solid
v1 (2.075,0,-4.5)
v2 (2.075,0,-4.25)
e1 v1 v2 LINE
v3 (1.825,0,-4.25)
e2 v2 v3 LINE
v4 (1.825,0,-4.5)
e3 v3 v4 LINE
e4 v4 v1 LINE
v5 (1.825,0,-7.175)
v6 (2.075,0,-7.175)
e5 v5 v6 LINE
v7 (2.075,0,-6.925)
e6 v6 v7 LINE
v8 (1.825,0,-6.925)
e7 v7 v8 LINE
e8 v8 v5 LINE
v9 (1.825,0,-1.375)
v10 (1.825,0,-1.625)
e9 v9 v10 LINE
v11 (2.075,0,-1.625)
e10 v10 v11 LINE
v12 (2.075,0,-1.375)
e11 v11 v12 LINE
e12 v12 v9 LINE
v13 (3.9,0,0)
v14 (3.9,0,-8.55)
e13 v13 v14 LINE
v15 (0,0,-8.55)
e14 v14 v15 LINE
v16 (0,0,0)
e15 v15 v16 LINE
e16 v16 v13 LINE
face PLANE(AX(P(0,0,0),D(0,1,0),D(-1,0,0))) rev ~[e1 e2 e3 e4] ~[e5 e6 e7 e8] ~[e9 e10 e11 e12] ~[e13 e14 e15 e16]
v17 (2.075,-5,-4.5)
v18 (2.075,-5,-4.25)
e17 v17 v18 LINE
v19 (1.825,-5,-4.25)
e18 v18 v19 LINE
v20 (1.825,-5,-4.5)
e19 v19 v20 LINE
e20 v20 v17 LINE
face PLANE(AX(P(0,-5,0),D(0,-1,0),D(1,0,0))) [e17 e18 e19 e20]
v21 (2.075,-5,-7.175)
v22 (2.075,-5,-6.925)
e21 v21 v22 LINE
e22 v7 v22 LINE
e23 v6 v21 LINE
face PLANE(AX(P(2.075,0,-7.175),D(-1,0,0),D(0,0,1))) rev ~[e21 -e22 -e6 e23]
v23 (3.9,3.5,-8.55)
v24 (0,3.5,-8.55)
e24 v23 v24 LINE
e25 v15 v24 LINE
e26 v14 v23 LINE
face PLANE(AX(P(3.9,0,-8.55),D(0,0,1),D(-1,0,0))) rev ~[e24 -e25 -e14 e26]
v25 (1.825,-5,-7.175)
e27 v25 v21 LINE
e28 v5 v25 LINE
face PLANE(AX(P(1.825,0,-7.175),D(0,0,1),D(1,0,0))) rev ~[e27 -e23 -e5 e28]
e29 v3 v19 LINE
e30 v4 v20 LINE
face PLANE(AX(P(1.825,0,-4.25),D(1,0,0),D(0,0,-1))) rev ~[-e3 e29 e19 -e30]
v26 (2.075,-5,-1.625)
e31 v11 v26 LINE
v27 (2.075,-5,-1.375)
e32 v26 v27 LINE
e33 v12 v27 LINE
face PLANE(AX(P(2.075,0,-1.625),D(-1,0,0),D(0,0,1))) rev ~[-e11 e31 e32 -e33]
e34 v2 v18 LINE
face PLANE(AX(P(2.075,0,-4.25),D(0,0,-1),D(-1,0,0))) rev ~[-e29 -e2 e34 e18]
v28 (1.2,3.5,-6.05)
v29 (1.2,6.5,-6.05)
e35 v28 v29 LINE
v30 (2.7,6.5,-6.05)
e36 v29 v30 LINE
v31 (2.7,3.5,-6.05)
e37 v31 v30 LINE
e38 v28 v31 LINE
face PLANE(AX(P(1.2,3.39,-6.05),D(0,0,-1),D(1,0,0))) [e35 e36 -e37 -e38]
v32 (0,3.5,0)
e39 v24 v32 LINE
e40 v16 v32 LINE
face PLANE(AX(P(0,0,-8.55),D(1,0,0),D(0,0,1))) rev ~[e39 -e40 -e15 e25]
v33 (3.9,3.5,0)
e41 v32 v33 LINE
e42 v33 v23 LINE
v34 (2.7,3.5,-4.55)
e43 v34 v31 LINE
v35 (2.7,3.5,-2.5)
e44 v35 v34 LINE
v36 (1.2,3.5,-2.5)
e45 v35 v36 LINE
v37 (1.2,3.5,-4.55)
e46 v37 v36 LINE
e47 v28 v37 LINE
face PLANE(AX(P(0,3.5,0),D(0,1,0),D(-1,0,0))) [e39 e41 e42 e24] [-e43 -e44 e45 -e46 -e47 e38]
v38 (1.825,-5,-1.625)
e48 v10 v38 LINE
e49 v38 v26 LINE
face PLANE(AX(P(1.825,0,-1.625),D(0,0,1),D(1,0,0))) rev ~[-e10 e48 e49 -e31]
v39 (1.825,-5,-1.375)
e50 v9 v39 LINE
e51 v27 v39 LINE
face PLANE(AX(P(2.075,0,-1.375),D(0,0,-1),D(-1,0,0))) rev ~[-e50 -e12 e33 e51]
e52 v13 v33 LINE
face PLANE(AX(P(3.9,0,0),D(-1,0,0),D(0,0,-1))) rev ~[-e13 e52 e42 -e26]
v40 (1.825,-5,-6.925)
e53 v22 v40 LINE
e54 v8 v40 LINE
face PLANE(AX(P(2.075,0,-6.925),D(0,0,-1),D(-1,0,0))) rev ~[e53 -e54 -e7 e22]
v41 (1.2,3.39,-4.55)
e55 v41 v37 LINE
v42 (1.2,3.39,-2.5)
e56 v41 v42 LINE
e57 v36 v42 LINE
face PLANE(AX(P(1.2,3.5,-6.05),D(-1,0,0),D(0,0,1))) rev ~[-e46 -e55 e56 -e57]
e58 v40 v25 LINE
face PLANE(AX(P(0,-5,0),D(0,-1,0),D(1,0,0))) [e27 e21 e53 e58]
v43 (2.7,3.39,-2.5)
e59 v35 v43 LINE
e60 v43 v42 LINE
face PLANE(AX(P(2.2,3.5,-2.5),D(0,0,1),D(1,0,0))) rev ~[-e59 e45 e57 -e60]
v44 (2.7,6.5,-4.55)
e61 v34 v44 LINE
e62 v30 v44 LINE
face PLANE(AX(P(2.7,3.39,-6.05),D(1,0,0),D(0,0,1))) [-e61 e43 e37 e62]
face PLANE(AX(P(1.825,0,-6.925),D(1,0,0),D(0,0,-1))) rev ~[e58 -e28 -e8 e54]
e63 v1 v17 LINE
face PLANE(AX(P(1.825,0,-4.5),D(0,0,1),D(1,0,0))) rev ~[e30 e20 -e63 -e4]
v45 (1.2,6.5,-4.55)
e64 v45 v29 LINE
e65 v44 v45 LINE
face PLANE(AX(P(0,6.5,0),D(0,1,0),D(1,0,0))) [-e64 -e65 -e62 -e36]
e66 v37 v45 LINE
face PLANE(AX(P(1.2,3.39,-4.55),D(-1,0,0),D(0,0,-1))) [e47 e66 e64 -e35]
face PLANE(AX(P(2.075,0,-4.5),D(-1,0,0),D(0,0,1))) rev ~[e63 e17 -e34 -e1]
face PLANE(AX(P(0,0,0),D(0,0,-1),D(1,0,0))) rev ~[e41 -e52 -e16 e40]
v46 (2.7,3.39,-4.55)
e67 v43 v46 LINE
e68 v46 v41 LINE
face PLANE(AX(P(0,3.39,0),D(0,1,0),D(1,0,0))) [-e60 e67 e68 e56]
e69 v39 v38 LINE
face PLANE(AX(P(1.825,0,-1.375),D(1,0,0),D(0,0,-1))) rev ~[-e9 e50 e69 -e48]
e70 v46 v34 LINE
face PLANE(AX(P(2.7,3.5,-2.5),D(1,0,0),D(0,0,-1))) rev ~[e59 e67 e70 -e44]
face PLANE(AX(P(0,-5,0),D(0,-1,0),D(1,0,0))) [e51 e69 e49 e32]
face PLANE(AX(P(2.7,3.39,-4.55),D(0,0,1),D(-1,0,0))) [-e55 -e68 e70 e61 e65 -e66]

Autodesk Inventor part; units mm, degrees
ref_plane "YZ Plane" through (0, 0, 0) normal (1, 0, 0) x (0, 1, 0)
ref_plane "XZ Plane" through (0, 0, 0) normal (0, 1, 0) x (-1, 0, 0)
ref_plane "XY Plane" through (0, 0, 0) normal (0, 0, 1) x (1, 0, 0)
sketch "Sketch1" plane through (0, 0, 0) normal (0, 1, 0) x (-1, 0, 0)
  line L0 (0, 0) -> (-3.9, 0)
  line L1 (-3.9, 0) -> (-3.9, -8.55)
  line L2 (-3.9, -8.55) -> (0, -8.55)
  line L3 (0, -8.55) -> (0, 0)
  dimension "d0" = 3.9
  dimension "d1" = 8.55
extrude "Extrusion1" add sketch "Sketch1" along normal blind 3.5
sketch "Sketch2" plane through (0, 3.5, 0) normal (0, 1, 0) x (1, 0, 0)
  line L0 (0, 8.55) -> (0, 0) projected
  line L1 (3.9, 0) -> (3.9, 8.55) projected
  line L2 (0, 0) -> (3.9, 0)
  line L3 (3.9, 0) -> (3.9, 8.55)
  line L4 (3.9, 8.55) -> (0, 8.55)
  line L5 (0, 8.55) -> (0, 0)
  line L6 (1.95, 8.55) -> (1.95, 6.05) construction
  line L7 (1.95, 0) -> (1.95, 2.5) construction
  line L8 (1.95, 0) -> (4.45, 0) construction
  line L9 (0, 4.275) -> (1.7, 4.275) construction
  line L10 (0, 4.275) -> (1.7, 4.275) construction
  line L11 (3.9, 4.275) -> (2.2, 4.275) construction
  line L12 (3.9, 4.275) -> (5.6, 4.275) construction
  line L13 (2.2, 2.5) -> (1.7, 2.5)
  line L14 (1.7, 6.05) -> (2.2, 6.05)
  line L15 (2.2, 2.5) -> (1.7, 6.05) construction
  line L16 (1.7, 2.5) -> (2.2, 6.05) construction
  line L17 (1.7, 2.5) -> (1.2, 2.5)
  line L18 (1.7, 2.5) -> (2.2, 2.5) construction
  line L19 (2.2, 2.5) -> (2.7, 2.5)
  line L20 (2.2, 2.5) -> (2.7, 2.5) construction
  line L21 (2.7, 2.5) -> (2.7, 6.05)
  line L22 (2.7, 6.05) -> (1.2, 6.05)
  line L23 (1.2, 6.05) -> (1.2, 2.5)
  line L24 (1.2, 2.5) -> (2.7, 2.5)
  line L25 (2.7, 2.5) -> (2.7, 6.05)
  line L26 (2.7, 6.05) -> (1.2, 6.05)
  line L27 (1.2, 6.05) -> (1.2, 2.5)
  point P0 (1.95, 4.275)
  dimension "d4" = 2.5
  dimension "d5" = 2.5
  dimension "d6" = 90
  dimension "d7" = 1.7
  dimension "d8" = 0
  dimension "d9" = 1.7
  dimension "d10" = 180
  dimension "d13" = 0.5
  dimension "d14" = 0.5
  dimension "d15" = 180
  dimension "d16" = 0.5
  dimension "d17" = 0
extrude "Extrusion3" cut sketch "Sketch2" against normal blind 0.11 contours L13 L17 L23 L22 L14 L21 L19
sketch "Sketch3" plane through (0, 3.39, 0) normal (0, 1, 0) x (1, 0, 0)
  line L0 (1.2, 2.5) -> (1.2, 6.05) projected
  line L1 (1.2, 6.05) -> (2.7, 6.05)
  line L2 (2.7, 6.05) -> (2.7, 4.55)
  line L3 (2.7, 4.55) -> (1.2, 4.55)
  line L4 (1.2, 4.55) -> (1.2, 6.05)
  point P0 (0, 0)
  dimension "d20" = 1.5
  dimension "d21" = 1.5
extrude "Extrusion4" add sketch "Sketch3" along normal blind 3.11
sketch "Sketch4" plane through (0, 0, 0) normal (0, -1, 0) x (1, 0, 0)
  line L0 (0, 0) -> (3.9, 0) projected
  line L1 (1.95, 0) -> (1.95, -1.5) construction
  line L2 (1.95, 0) -> (3.45, 0) construction
  line L3 (1.825, -1.625) -> (2.075, -1.625)
  line L4 (2.075, -1.625) -> (2.075, -1.375)
  line L5 (2.075, -1.375) -> (1.825, -1.375)
  line L6 (1.825, -1.375) -> (1.825, -1.625)
  line L7 (1.825, -1.625) -> (2.075, -1.375) construction
  line L8 (2.075, -1.625) -> (1.825, -1.375) construction
  line L9 (3.9, -8.55) -> (0, -8.55) projected
  line L10 (1.95, -8.55) -> (1.95, -7.05) construction
  line L11 (1.95, -8.55) -> (3.45, -8.55) construction
  line L12 (1.825, -7.175) -> (2.075, -7.175)
  line L13 (2.075, -7.175) -> (2.075, -6.925)
  line L14 (2.075, -6.925) -> (1.825, -6.925)
  line L15 (1.825, -6.925) -> (1.825, -7.175)
  line L16 (1.825, -7.175) -> (2.075, -6.925) construction
  line L17 (2.075, -7.175) -> (1.825, -6.925) construction
  line L18 (1.95, -1.375) -> (1.95, -4.375) construction
  line L19 (1.95, -1.375) -> (4.95, -1.375) construction
  line L20 (1.825, -4.5) -> (2.075, -4.5)
  line L21 (2.075, -4.5) -> (2.075, -4.25)
  line L22 (2.075, -4.25) -> (1.825, -4.25)
  line L23 (1.825, -4.25) -> (1.825, -4.5)
  line L24 (1.825, -4.5) -> (2.075, -4.25) construction
  line L25 (2.075, -4.5) -> (1.825, -4.25) construction
  dimension "d24" = 1.5
  dimension "d25" = 90
  dimension "d26" = 0.25
  dimension "d27" = 0.25
  dimension "d28" = 1.5
  dimension "d29" = 90
  dimension "d30" = 0.25
  dimension "d31" = 0.25
  dimension "d32" = 3
  dimension "d33" = 90
  dimension "d34" = 0.25
  dimension "d35" = 0.25
extrude "Extrusion5" add sketch "Sketch4" along normal blind 5
properties part number "switch small"
